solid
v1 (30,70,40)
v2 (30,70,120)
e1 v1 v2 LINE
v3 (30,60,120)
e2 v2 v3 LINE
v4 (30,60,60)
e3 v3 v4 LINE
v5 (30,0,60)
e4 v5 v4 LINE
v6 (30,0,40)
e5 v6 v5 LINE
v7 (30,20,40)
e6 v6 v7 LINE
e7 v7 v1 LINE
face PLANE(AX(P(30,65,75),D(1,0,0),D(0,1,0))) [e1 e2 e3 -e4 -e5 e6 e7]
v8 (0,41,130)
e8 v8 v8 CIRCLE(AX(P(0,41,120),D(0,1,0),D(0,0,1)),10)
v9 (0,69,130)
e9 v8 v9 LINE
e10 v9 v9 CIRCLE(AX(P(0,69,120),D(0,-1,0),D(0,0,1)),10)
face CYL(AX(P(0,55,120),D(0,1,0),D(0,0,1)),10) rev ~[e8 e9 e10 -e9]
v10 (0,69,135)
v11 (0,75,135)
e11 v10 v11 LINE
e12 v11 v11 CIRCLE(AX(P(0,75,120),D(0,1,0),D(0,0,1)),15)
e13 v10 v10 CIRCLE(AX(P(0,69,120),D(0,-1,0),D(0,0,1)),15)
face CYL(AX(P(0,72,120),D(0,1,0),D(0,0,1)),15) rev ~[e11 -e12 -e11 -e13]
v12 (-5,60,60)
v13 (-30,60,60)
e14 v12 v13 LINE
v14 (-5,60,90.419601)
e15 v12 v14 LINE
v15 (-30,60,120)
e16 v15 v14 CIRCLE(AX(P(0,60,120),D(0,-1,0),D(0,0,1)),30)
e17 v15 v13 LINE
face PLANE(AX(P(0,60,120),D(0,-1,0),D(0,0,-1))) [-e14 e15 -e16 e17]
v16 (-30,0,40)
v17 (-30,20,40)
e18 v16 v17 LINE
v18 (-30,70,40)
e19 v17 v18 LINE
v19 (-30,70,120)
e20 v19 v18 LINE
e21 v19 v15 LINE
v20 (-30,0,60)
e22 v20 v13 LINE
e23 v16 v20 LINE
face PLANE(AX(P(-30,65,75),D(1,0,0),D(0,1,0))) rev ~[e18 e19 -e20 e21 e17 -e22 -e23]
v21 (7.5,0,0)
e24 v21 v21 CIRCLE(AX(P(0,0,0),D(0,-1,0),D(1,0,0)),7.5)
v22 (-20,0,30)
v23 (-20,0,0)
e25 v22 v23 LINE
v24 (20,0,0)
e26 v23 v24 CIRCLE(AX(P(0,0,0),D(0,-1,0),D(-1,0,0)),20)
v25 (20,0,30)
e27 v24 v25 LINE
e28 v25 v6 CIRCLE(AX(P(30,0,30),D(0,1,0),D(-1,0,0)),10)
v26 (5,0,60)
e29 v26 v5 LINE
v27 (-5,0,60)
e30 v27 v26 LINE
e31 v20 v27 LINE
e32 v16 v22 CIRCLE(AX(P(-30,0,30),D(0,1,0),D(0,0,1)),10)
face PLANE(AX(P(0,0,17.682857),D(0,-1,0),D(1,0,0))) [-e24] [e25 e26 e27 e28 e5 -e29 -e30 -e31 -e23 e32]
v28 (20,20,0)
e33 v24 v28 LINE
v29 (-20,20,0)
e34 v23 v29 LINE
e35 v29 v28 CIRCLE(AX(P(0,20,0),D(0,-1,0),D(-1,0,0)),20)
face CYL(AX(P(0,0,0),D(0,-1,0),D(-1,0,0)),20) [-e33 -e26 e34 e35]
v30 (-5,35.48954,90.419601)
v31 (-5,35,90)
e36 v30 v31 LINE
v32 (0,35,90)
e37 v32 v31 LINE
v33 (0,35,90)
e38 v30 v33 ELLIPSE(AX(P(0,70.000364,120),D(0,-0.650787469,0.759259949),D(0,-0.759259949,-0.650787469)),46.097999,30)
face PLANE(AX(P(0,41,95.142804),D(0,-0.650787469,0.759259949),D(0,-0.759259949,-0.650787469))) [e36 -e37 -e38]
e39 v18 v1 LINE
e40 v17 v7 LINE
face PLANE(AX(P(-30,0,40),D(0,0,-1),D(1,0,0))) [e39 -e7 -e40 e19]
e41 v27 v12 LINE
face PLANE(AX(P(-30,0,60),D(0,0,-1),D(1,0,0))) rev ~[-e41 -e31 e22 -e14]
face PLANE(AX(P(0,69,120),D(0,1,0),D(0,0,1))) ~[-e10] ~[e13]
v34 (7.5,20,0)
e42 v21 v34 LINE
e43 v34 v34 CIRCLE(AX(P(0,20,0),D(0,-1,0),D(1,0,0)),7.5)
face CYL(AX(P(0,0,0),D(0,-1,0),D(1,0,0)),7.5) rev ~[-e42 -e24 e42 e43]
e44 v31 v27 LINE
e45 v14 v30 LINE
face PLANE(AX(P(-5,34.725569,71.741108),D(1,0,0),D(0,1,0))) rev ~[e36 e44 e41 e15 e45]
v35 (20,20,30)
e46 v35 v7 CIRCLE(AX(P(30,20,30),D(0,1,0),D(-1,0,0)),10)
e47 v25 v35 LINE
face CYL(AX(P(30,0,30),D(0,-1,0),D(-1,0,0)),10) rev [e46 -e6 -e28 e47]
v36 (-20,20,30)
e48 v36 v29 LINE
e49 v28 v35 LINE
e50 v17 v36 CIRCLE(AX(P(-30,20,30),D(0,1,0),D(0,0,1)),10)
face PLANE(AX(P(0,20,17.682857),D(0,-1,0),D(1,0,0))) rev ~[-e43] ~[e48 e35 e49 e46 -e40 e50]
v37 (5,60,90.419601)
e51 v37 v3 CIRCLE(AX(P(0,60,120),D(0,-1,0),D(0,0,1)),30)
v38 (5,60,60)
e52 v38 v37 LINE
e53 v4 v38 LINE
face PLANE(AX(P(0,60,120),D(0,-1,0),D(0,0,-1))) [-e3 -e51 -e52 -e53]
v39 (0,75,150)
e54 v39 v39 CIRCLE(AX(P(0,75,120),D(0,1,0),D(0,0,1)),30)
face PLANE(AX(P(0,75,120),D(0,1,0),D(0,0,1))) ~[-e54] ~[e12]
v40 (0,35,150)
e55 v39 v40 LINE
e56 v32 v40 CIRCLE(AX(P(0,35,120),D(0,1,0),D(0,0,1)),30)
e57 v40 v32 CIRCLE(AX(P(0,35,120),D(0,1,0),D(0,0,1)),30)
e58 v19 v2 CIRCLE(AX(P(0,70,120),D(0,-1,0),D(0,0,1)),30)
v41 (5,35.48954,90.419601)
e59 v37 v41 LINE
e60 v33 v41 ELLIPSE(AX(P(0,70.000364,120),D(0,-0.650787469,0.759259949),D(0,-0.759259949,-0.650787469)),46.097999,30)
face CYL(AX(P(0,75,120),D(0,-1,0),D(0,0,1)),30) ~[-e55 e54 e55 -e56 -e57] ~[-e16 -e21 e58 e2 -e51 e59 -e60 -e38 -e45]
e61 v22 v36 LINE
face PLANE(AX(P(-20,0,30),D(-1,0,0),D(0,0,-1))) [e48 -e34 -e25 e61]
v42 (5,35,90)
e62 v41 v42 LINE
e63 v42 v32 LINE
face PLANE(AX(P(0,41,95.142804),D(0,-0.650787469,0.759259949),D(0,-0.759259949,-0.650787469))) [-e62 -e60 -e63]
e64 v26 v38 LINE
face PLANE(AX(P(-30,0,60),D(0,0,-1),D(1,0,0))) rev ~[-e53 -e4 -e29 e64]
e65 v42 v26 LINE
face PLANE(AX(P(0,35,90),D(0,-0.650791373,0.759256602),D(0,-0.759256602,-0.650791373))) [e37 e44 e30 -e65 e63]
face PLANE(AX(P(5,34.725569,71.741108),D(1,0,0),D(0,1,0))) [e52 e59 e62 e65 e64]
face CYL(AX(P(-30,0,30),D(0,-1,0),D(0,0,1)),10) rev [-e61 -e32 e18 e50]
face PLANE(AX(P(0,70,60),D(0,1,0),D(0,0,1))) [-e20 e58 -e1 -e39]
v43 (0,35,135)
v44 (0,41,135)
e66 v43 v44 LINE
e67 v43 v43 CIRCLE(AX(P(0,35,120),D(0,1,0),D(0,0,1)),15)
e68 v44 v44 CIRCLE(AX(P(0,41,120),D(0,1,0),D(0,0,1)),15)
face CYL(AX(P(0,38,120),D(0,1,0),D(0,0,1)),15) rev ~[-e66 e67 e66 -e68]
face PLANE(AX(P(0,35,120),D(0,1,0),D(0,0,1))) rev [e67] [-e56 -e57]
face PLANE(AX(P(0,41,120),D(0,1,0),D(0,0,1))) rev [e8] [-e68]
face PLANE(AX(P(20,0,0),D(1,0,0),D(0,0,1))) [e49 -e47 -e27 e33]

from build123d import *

# Parameters (mm, degrees)
F0_R     = 7.5
F0_W     = 60
F0_H     = 20
F1_DEPTH = 20
F2_DEPTH = 70
F3_W     = 28
F3_H     = 5
F3_W_2   = 6
F3_H_2   = 15
F3_W_3   = 1
F3_W_4   = 9
F3_H_3   = 10
F5_DEPTH = 30
F6_DEPTH = 5


with BuildPart() as f1:
    # F0 (on Front) → F1 (new body)
    with BuildSketch(Plane.XZ):
        with BuildLine():
            Line((-20, 30), (-20, 0))
            ThreePointArc((-20, 0), (0, -20), (20, 0))
            Line((20, 0), (20, 30))
            ThreePointArc((20, 30), (22.9289321881, 37.0710678119), (30, 40))
            Line((30, 40), (-30, 40))
            ThreePointArc((-30, 40), (-22.9289321881, 37.0710678119), (-20, 30))
        make_face()
        Circle(F0_R, mode=Mode.SUBTRACT)
        with Locations((0, 50)):
            Rectangle(F0_W, F0_H)
    extrude(amount=-F1_DEPTH)

    # F0 (on Front) → F2 (join)
    with BuildSketch(Plane.XZ):
        with Locations((0, 50)):
            Rectangle(F0_W, F0_H)
    extrude(amount=-F2_DEPTH)



with BuildPart() as f4:
    # F3 (on Right) → F4 (revolve)
    with BuildSketch(Plane.YZ):
        with Locations((55, 132.5)):
            Rectangle(F3_W, F3_H)
        with Locations((38, 142.5)):
            Rectangle(F3_W_2, F3_H_2)
        with Locations((72, 142.5)):
            Rectangle(F3_W_2, F3_H_2)
        with Locations((55, 142.5)):
            Rectangle(F3_W, F3_H_2)
    revolve(axis=Axis((0, 55, 120), (0, 1, 0)))


with BuildPart() as f1_1:
    add(f1.part)

    add(f4.part)  # F5 merges F4
    # F3 (on Right) → F5 (join, symmetric)
    with BuildSketch(Plane.YZ):
        Polygon((60, 90), (60, 60), (70, 60), (70, 90), (69, 90), align=None)
        with Locations((69.5, 97.5)):
            Rectangle(F3_W_3, F3_H_2)
        with Locations((64.5, 107.5)):
            Rectangle(F3_W_4, F3_H)
        with Locations((64.5, 115)):
            Rectangle(F3_W_4, F3_H_3)
        with Locations((64.5, 97.5)):
            Rectangle(F3_W_4, F3_H_2)
        with Locations((69.5, 115)):
            Rectangle(F3_W_3, F3_H_3)
        with Locations((69.5, 107.5)):
            Rectangle(F3_W_3, F3_H)
    extrude(amount=F5_DEPTH, both=True)

    # F3 (on Right) → F6 (join, symmetric)
    with BuildSketch(Plane.YZ):
        Polygon((35, 90), (0, 60), (60, 60), (60, 90), (41, 90), align=None)
        Polygon((41, 95.1428036188), (35, 90), (41, 90), align=None)
        Polygon((41, 90), (60, 90), (60, 105), (52.5001821322, 105), (41, 95.1428036188), align=None)
    extrude(amount=F6_DEPTH, both=True)

    # F3 (on Right) → F7 (revolve, cut)
    with BuildSketch(Plane.YZ):
        Polygon((35, 135), (35, 120), (41, 120), (41, 130), (41, 135), align=None)
        Polygon((41, 130), (41, 120), (60, 120), (69, 120), (69, 130), align=None)
        Polygon((69, 120), (70, 120), (75, 120), (75, 130), (69, 130), align=None)
        with Locations((72, 132.5)):
            Rectangle(F3_W_2, F3_H)
    revolve(axis=Axis((0, 55, 120), (0, 1, 0)), mode=Mode.SUBTRACT)


solid = f1_1.part
